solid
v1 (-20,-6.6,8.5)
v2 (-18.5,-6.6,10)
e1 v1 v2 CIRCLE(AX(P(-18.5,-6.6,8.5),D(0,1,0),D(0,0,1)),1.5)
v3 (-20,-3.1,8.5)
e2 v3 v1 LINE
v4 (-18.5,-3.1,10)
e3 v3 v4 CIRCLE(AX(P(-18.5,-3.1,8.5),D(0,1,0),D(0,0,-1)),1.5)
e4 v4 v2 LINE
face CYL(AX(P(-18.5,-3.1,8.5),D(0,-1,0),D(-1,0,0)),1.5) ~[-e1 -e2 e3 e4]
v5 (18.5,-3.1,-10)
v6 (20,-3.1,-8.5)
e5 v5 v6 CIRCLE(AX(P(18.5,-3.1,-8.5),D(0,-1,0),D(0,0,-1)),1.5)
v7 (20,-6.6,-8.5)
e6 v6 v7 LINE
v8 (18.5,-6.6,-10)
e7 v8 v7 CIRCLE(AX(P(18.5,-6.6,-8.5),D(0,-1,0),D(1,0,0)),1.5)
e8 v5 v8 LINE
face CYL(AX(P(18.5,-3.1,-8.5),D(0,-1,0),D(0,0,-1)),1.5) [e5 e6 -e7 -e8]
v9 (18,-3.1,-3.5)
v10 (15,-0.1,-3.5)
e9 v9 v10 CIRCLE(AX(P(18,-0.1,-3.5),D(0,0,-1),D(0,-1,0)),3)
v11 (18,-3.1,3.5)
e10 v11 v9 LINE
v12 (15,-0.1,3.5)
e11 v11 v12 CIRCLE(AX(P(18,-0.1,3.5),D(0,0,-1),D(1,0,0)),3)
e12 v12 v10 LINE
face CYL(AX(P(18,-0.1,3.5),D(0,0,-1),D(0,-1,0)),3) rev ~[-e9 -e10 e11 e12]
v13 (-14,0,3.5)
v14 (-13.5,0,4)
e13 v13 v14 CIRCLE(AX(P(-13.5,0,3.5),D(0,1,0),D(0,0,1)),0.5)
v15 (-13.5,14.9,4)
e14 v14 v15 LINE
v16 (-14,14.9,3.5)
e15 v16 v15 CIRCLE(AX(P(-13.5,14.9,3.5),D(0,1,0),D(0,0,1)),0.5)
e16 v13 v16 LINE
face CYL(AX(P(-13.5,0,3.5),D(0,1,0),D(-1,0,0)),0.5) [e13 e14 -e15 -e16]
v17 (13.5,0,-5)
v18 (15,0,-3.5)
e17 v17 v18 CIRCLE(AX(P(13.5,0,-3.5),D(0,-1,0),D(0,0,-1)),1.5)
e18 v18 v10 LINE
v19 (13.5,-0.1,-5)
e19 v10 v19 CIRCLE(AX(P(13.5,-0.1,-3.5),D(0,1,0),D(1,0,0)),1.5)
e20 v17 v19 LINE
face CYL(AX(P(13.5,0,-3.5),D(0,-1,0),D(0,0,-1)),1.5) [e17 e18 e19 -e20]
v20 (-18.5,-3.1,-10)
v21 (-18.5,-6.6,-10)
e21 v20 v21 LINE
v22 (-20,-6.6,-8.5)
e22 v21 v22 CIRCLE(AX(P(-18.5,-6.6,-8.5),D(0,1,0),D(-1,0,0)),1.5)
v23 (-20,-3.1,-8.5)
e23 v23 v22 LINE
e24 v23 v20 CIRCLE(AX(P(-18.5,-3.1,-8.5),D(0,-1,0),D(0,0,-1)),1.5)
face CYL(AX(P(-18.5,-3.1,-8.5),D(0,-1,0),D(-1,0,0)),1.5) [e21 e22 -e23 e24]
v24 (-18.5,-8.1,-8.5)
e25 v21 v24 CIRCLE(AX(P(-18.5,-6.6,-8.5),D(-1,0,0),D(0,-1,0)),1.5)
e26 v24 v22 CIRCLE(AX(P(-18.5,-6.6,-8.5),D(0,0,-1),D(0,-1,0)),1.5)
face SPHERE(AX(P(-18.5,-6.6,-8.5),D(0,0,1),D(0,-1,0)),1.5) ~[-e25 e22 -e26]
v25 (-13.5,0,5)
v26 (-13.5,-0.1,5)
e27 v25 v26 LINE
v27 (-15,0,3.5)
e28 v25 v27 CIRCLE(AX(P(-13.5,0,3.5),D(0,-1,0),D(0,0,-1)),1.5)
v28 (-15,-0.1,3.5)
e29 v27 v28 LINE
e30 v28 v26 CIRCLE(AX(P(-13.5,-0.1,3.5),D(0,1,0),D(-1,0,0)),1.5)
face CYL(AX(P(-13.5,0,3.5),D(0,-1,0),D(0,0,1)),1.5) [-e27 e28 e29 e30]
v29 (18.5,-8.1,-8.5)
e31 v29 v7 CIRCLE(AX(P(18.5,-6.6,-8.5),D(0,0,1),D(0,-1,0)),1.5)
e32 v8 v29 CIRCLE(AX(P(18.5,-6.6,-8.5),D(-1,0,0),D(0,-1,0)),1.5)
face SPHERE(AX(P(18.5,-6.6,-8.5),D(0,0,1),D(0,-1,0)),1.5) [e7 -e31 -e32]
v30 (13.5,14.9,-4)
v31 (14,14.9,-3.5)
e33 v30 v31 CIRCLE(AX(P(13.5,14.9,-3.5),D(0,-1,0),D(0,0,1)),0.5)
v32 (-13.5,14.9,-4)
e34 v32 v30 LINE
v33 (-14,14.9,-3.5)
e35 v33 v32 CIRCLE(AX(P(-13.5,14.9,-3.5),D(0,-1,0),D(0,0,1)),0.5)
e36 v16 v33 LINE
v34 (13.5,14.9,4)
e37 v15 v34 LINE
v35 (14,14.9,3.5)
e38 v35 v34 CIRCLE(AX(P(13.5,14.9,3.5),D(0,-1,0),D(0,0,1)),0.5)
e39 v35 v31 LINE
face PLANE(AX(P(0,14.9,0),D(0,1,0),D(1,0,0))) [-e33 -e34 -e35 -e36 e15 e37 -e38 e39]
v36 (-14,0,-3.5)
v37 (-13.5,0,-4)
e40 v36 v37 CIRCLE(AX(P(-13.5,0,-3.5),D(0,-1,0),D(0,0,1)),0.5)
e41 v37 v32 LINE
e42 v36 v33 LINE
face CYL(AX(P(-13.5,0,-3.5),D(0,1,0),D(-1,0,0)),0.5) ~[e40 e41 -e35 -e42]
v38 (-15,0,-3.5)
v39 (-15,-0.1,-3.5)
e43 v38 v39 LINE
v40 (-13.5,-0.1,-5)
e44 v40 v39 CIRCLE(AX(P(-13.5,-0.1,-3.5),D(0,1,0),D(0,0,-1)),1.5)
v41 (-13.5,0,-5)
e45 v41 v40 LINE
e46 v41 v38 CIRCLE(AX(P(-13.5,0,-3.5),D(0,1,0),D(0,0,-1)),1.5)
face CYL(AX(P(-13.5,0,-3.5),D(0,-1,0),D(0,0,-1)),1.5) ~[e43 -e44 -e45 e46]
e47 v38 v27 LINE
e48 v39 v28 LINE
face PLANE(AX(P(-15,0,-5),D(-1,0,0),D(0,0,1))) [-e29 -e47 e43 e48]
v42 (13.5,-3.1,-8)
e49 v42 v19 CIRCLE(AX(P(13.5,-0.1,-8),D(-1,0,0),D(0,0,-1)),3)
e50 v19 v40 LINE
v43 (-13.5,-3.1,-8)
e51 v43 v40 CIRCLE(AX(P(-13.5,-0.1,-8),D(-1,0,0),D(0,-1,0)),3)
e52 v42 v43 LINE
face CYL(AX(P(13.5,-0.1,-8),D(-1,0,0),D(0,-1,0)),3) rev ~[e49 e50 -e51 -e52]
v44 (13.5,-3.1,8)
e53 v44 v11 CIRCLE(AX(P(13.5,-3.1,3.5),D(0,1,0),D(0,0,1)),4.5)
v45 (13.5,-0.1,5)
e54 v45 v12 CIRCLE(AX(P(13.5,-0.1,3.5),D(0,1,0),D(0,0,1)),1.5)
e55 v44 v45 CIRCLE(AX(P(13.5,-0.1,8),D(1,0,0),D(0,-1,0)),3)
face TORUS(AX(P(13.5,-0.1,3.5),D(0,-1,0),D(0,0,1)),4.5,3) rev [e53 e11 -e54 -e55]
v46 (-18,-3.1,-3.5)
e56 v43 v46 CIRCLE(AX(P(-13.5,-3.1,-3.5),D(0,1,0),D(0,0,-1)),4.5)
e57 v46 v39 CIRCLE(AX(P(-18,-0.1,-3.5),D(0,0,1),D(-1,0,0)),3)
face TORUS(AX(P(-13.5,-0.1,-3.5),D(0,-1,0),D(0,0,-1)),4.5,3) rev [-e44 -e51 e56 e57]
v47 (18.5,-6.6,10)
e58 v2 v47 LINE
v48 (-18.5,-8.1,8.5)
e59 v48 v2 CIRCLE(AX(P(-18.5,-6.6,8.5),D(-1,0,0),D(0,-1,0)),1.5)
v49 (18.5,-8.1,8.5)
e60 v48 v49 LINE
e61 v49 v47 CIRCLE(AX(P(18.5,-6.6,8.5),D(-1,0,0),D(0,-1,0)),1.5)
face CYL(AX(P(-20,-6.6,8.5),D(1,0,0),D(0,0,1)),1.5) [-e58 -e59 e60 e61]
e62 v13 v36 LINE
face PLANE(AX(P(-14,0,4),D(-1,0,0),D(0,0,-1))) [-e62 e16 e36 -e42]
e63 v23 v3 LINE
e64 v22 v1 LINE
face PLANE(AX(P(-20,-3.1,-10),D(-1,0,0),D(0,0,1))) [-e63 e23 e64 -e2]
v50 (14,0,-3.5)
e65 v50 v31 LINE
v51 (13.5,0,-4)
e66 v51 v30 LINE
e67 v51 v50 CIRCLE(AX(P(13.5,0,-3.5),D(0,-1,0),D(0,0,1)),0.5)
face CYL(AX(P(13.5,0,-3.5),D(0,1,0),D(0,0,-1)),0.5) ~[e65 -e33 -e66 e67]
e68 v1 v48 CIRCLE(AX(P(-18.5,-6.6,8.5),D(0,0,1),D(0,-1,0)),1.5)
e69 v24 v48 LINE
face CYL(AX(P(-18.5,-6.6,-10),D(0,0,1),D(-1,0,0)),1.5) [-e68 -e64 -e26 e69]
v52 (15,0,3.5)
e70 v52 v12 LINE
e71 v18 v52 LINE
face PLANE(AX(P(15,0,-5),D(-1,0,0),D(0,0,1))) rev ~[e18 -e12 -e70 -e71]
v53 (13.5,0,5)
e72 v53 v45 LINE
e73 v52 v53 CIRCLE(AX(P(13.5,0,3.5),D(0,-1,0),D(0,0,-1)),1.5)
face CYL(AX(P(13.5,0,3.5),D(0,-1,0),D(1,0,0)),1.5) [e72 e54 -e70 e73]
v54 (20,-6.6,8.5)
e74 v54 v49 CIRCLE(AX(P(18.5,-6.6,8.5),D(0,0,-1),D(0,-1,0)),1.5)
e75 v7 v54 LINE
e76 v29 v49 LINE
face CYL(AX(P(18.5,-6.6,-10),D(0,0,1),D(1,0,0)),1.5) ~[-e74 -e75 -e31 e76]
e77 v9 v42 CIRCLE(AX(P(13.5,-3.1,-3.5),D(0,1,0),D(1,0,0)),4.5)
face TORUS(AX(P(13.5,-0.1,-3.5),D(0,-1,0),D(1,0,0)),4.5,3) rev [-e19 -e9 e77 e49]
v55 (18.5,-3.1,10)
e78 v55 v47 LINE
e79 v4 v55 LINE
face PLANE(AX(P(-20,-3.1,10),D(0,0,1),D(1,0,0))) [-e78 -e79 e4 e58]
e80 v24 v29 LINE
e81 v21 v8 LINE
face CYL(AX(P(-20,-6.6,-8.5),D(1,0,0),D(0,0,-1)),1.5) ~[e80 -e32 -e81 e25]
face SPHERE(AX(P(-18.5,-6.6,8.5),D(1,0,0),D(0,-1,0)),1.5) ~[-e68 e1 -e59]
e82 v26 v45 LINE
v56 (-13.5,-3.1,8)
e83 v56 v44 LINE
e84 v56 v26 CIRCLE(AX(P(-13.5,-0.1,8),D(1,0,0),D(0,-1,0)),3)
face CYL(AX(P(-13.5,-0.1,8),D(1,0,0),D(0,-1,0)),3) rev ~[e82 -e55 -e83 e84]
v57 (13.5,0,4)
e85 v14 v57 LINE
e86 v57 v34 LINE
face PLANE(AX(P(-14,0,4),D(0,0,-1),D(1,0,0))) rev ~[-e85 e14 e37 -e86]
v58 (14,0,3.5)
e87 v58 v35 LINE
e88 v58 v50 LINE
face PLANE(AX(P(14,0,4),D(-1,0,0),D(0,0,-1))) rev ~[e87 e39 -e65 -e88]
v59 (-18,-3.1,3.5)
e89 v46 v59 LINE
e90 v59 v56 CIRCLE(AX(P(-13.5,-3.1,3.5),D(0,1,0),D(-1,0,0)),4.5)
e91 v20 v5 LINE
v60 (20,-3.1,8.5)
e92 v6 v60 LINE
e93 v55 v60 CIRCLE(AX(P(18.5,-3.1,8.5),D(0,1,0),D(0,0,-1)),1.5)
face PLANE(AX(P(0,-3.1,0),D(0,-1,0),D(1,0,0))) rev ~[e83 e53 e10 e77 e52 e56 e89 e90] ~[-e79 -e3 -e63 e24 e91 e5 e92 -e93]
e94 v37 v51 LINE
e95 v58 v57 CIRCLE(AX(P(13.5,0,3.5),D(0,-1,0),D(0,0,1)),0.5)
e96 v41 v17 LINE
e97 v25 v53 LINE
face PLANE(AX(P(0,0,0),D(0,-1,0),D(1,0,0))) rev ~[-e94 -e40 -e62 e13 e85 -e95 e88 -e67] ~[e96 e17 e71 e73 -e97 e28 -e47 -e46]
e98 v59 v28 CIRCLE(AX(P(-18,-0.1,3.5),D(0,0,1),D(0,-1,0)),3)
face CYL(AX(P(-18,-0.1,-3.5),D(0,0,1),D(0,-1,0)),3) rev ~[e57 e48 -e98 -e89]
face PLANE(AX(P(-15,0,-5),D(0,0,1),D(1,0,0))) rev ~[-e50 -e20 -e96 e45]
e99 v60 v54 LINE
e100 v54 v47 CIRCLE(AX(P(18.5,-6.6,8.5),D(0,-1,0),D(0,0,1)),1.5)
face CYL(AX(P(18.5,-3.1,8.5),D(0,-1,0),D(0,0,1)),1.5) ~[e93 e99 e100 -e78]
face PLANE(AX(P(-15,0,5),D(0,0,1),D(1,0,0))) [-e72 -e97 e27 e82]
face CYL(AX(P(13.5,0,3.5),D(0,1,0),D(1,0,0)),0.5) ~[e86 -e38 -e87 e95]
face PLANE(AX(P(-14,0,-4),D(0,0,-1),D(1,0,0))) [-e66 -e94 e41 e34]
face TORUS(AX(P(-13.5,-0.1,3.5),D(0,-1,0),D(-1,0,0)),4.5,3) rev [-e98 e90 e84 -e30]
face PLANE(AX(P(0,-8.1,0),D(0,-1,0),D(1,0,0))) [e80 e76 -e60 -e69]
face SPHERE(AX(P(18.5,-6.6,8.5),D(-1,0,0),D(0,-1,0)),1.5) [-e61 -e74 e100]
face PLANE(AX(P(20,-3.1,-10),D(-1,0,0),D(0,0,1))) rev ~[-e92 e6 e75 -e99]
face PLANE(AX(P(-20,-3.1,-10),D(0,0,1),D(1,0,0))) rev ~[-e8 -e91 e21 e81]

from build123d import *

# Parameters (mm, degrees)
SKETCH_W     = 30
SKETCH_H     = 10
PAD_DEPTH    = 3.1
SKETCH001_W  = 40
SKETCH001_H  = 20
PAD001_DEPTH = 5
FILLET_R     = 1.5
FILLET001_R  = 3
FILLET002_R  = 1.5
SKETCH002_W  = 28
SKETCH002_H  = 8
PAD002_DEPTH = 14.9
FILLET003_R  = 0.5


with BuildPart() as part:
    # Sketch → Pad (new body)
    with BuildSketch(Plane.XZ):
        Rectangle(SKETCH_W, SKETCH_H)
    extrude(amount=PAD_DEPTH)

    # Sketch001 (on Face6 of Pad) → Pad001 (join)
    with BuildSketch(Plane.XZ.offset(3.1)):
        Rectangle(SKETCH001_W, SKETCH001_H)
    extrude(amount=PAD001_DEPTH)

    # Fillet
    fillet_edges = [part.edges().sort_by_distance(p)[0] for p in [
        (15, -1.55, 5),
        (15, -1.55, -5),
        (-15, -1.55, 5),
        (-15, -1.55, -5),
    ]]
    fillet(fillet_edges, radius=FILLET_R)

    # Fillet001
    fillet001_edges = [part.edges().sort_by_distance(p)[0] for p in [
        (0, -3.1, 5),
    ]]
    fillet(fillet001_edges, radius=FILLET001_R)

    # Fillet002
    fillet002_edges = [part.edges().sort_by_distance(p)[0] for p in [
        (0, -8.1, 10),
        (-20, -8.1, 0),
        (20, -8.1, 0),
        (0, -8.1, -10),
        (20, -5.6, 10),
        (-20, -5.6, 10),
        (20, -5.6, -10),
        (-20, -5.6, -10),
    ]]
    fillet(fillet002_edges, radius=FILLET002_R)

    # Sketch002 (on Face4 of Fillet001) → Pad002 (join)
    with BuildSketch(Plane(origin=(0, 0, 0), x_dir=(1, 0, 0), z_dir=(0, 1, 0))):
        Rectangle(SKETCH002_W, SKETCH002_H)
    extrude(amount=PAD002_DEPTH)

    # Fillet003
    fillet003_edges = [part.edges().sort_by_distance(p)[0] for p in [
        (14, 7.45, 4),
        (-14, 7.45, 4),
        (-14, 7.45, -4),
        (14, 7.45, -4),
    ]]
    fillet(fillet003_edges, radius=FILLET003_R)


solid = part.part
